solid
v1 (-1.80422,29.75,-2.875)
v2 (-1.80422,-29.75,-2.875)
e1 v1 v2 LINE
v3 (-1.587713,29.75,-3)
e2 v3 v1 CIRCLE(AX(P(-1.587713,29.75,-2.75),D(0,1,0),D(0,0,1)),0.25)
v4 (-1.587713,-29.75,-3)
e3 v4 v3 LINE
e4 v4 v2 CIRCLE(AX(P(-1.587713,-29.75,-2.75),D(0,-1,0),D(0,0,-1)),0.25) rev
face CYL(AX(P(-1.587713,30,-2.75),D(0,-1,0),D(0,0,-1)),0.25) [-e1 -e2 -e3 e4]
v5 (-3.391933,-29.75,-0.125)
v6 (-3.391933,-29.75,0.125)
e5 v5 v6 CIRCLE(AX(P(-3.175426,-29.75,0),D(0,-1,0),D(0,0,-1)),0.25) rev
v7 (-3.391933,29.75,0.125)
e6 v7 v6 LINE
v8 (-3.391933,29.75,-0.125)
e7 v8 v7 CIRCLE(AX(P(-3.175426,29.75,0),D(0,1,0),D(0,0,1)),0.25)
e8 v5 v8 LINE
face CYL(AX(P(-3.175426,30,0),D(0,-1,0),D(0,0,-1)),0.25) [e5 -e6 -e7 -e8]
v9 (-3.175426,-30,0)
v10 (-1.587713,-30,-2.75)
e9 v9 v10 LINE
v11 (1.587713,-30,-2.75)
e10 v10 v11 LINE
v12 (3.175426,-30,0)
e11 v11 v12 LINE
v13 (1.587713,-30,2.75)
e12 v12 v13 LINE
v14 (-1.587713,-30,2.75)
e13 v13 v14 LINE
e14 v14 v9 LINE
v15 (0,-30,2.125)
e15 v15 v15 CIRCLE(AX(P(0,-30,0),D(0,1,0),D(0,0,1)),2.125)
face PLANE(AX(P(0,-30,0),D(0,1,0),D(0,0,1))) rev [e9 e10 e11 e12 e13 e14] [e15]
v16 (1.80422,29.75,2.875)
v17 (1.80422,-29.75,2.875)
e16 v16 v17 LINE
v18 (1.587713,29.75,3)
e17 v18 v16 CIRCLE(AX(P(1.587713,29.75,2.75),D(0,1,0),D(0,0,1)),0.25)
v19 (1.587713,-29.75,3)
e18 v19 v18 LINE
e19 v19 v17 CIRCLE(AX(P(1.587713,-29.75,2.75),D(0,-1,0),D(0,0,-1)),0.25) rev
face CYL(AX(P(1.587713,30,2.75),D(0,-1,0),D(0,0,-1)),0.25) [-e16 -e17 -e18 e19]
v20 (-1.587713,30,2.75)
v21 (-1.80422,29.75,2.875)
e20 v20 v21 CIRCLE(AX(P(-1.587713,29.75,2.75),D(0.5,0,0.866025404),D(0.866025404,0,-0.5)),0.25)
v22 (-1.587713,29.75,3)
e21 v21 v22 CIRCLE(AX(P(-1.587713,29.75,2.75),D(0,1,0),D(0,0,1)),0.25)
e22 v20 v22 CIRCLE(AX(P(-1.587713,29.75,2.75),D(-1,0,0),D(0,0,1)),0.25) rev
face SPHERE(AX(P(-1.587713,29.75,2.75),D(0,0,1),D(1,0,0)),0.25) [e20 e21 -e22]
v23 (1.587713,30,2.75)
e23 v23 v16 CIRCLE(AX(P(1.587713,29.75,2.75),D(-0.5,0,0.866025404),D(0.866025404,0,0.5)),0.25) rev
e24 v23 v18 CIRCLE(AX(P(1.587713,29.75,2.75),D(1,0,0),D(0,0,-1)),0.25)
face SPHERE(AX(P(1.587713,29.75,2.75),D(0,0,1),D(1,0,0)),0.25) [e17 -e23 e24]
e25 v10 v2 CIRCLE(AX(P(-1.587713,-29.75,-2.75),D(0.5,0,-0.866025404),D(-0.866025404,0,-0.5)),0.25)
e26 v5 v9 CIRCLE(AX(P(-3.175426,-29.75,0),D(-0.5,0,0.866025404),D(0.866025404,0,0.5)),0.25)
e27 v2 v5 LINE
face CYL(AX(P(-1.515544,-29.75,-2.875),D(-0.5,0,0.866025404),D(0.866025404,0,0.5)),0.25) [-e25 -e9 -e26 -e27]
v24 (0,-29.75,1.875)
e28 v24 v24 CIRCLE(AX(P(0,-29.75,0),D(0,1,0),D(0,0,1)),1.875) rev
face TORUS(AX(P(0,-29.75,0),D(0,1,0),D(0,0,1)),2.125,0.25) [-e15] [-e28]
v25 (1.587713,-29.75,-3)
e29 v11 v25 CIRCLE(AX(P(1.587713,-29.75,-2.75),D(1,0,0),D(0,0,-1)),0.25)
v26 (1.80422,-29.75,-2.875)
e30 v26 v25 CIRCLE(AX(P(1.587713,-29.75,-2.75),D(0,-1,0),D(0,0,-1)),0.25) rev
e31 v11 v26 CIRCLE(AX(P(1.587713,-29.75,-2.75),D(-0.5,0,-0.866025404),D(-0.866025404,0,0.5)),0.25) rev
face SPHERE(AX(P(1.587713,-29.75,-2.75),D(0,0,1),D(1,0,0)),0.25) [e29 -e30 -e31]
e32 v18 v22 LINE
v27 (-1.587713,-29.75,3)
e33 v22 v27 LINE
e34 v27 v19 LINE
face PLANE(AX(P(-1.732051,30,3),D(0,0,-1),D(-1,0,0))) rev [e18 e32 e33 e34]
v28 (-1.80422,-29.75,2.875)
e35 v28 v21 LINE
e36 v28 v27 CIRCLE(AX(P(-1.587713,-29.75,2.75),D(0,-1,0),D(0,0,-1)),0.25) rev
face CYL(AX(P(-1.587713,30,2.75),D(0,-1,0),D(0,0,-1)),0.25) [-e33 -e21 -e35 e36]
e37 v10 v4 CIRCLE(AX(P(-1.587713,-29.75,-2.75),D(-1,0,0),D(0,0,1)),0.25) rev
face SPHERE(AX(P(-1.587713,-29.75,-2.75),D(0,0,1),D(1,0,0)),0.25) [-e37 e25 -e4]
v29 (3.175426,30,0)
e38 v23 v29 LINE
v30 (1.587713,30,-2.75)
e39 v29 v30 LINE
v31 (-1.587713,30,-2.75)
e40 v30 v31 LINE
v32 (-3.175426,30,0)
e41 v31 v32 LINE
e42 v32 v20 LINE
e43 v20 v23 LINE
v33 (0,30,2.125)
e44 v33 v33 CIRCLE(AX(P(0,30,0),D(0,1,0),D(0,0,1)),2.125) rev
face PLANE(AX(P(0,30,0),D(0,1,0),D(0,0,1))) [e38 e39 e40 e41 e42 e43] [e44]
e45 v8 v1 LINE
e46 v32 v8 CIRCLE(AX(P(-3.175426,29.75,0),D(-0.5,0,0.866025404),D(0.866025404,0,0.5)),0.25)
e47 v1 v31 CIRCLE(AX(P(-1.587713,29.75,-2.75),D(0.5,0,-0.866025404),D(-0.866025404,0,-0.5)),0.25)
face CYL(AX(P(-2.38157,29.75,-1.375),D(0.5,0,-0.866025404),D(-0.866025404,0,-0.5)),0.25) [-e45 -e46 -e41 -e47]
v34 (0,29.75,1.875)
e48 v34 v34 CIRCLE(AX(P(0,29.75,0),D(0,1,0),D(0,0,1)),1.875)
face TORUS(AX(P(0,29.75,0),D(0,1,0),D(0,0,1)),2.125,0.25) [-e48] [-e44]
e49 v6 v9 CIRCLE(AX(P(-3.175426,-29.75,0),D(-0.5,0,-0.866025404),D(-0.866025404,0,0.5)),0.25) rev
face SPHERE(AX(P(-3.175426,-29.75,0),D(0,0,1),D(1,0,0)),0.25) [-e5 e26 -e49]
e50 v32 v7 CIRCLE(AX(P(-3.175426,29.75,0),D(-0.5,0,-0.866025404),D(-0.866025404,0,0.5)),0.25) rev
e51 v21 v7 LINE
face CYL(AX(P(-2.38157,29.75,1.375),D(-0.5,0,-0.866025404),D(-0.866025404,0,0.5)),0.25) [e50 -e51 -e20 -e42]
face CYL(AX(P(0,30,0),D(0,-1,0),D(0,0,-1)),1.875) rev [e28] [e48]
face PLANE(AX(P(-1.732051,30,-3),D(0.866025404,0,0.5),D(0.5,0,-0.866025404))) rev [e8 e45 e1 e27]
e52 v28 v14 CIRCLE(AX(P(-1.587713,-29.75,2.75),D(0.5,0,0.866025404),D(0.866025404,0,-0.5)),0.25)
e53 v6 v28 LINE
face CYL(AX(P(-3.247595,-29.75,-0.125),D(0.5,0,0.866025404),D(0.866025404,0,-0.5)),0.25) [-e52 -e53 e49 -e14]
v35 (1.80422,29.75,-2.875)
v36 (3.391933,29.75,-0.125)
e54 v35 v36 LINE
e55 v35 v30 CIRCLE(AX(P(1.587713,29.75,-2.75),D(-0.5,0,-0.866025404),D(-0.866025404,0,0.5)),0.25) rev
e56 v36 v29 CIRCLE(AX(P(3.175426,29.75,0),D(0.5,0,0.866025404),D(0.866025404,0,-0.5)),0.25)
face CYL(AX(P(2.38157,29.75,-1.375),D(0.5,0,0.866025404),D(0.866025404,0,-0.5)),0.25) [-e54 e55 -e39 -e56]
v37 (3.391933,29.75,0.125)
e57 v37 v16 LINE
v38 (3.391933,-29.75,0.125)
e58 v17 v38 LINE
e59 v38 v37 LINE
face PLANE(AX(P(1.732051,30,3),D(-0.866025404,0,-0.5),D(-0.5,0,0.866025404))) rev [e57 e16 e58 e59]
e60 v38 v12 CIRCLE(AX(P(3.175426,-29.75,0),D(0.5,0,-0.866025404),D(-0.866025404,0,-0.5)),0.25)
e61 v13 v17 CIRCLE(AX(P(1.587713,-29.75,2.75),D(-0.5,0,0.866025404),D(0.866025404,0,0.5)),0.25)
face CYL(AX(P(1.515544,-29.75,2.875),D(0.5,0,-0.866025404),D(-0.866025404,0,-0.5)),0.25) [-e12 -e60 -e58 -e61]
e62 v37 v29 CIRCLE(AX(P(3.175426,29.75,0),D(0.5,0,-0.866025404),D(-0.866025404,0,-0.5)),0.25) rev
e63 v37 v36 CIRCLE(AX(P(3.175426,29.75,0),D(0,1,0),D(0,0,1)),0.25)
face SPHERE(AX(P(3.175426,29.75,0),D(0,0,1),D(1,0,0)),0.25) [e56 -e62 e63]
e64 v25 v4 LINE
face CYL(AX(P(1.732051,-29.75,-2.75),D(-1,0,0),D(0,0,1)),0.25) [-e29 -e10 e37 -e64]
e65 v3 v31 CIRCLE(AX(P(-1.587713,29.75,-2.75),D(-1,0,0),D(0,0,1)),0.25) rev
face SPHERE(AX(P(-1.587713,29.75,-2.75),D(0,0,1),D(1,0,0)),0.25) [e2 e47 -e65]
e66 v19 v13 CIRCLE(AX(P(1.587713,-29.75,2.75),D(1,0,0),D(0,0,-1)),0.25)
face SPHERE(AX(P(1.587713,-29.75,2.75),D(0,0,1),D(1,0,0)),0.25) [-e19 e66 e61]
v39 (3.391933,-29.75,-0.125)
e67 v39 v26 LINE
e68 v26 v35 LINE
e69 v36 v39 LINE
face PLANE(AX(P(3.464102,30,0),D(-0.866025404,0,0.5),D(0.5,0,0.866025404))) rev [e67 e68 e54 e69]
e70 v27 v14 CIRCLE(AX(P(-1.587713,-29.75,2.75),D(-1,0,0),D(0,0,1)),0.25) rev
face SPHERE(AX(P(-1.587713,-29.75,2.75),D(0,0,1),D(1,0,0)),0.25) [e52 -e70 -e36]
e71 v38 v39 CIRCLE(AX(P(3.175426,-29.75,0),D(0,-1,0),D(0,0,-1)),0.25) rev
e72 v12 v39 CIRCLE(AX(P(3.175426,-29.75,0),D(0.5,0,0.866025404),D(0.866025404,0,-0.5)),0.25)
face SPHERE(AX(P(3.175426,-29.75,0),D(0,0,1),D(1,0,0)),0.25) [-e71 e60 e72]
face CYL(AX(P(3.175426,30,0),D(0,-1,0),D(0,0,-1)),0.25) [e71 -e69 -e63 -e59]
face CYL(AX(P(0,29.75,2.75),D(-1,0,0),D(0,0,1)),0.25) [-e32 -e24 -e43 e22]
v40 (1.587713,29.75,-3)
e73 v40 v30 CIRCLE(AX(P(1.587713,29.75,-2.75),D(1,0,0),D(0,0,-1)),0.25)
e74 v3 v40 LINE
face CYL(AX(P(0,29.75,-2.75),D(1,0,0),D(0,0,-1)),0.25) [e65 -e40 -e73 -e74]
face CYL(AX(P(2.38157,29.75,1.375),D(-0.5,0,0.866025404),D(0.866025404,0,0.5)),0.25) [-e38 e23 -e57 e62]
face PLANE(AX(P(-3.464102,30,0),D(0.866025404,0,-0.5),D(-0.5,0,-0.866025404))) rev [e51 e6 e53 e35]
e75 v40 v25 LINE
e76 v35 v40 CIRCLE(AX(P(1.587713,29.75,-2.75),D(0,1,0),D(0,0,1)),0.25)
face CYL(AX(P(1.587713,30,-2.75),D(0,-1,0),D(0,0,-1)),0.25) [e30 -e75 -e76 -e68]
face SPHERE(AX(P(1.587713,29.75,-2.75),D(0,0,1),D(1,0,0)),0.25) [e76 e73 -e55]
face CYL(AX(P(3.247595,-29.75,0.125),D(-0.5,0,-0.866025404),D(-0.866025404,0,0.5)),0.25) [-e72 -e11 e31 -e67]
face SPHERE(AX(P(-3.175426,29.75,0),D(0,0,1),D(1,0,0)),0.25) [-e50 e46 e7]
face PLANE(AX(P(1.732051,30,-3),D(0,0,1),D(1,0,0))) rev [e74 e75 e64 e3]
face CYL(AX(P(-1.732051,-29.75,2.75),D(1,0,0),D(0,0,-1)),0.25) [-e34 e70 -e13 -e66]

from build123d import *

# Parameters (mm, degrees)
SKETCH1_R           = 1.875
BOSS_EXTRUDE1_DEPTH = 30
FILLET1_R           = 0.25


with BuildPart() as part:
    # Sketch1 → Boss-Extrude1 (new body, symmetric)
    with BuildSketch(Plane(origin=(0, 0, 0), x_dir=(1, 0, 0), z_dir=(0, 1, 0))):
        Polygon((1.732050808, 3), (-1.732050808, 3), (-3.464101615, 0), (-1.732050808, -3), (1.732050808, -3), (3.464101615, 0), align=None)
        Circle(SKETCH1_R, mode=Mode.SUBTRACT)
    extrude(amount=BOSS_EXTRUDE1_DEPTH, both=True)

    # Fillet1
    fillet1_edges = [part.edges().sort_by_distance(p)[0] for p in [
        (-2.598076211, 30, -1.5),
        (3.464101615, 0, 0),
        (1.732050808, 0, 3),
        (-1.732050808, 0, 3),
        (-3.464101615, 0, 0),
        (-1.732050808, 0, -3),
        (1.732050808, 0, -3),
        (-2.598076211, 30, 1.5),
        (0, 30, 3),
        (-1.875, -30, 0),
        (-1.875, 30, 0),
        (2.598076211, 30, 1.5),
        (2.598076211, 30, -1.5),
        (2.598076211, -30, 1.5),
        (0, -30, 3),
        (-2.598076211, -30, 1.5),
        (0, 30, -3),
        (-2.598076211, -30, -1.5),
        (0, -30, -3),
        (2.598076211, -30, -1.5),
    ]]
    fillet(fillet1_edges, radius=FILLET1_R)


solid = part.part
